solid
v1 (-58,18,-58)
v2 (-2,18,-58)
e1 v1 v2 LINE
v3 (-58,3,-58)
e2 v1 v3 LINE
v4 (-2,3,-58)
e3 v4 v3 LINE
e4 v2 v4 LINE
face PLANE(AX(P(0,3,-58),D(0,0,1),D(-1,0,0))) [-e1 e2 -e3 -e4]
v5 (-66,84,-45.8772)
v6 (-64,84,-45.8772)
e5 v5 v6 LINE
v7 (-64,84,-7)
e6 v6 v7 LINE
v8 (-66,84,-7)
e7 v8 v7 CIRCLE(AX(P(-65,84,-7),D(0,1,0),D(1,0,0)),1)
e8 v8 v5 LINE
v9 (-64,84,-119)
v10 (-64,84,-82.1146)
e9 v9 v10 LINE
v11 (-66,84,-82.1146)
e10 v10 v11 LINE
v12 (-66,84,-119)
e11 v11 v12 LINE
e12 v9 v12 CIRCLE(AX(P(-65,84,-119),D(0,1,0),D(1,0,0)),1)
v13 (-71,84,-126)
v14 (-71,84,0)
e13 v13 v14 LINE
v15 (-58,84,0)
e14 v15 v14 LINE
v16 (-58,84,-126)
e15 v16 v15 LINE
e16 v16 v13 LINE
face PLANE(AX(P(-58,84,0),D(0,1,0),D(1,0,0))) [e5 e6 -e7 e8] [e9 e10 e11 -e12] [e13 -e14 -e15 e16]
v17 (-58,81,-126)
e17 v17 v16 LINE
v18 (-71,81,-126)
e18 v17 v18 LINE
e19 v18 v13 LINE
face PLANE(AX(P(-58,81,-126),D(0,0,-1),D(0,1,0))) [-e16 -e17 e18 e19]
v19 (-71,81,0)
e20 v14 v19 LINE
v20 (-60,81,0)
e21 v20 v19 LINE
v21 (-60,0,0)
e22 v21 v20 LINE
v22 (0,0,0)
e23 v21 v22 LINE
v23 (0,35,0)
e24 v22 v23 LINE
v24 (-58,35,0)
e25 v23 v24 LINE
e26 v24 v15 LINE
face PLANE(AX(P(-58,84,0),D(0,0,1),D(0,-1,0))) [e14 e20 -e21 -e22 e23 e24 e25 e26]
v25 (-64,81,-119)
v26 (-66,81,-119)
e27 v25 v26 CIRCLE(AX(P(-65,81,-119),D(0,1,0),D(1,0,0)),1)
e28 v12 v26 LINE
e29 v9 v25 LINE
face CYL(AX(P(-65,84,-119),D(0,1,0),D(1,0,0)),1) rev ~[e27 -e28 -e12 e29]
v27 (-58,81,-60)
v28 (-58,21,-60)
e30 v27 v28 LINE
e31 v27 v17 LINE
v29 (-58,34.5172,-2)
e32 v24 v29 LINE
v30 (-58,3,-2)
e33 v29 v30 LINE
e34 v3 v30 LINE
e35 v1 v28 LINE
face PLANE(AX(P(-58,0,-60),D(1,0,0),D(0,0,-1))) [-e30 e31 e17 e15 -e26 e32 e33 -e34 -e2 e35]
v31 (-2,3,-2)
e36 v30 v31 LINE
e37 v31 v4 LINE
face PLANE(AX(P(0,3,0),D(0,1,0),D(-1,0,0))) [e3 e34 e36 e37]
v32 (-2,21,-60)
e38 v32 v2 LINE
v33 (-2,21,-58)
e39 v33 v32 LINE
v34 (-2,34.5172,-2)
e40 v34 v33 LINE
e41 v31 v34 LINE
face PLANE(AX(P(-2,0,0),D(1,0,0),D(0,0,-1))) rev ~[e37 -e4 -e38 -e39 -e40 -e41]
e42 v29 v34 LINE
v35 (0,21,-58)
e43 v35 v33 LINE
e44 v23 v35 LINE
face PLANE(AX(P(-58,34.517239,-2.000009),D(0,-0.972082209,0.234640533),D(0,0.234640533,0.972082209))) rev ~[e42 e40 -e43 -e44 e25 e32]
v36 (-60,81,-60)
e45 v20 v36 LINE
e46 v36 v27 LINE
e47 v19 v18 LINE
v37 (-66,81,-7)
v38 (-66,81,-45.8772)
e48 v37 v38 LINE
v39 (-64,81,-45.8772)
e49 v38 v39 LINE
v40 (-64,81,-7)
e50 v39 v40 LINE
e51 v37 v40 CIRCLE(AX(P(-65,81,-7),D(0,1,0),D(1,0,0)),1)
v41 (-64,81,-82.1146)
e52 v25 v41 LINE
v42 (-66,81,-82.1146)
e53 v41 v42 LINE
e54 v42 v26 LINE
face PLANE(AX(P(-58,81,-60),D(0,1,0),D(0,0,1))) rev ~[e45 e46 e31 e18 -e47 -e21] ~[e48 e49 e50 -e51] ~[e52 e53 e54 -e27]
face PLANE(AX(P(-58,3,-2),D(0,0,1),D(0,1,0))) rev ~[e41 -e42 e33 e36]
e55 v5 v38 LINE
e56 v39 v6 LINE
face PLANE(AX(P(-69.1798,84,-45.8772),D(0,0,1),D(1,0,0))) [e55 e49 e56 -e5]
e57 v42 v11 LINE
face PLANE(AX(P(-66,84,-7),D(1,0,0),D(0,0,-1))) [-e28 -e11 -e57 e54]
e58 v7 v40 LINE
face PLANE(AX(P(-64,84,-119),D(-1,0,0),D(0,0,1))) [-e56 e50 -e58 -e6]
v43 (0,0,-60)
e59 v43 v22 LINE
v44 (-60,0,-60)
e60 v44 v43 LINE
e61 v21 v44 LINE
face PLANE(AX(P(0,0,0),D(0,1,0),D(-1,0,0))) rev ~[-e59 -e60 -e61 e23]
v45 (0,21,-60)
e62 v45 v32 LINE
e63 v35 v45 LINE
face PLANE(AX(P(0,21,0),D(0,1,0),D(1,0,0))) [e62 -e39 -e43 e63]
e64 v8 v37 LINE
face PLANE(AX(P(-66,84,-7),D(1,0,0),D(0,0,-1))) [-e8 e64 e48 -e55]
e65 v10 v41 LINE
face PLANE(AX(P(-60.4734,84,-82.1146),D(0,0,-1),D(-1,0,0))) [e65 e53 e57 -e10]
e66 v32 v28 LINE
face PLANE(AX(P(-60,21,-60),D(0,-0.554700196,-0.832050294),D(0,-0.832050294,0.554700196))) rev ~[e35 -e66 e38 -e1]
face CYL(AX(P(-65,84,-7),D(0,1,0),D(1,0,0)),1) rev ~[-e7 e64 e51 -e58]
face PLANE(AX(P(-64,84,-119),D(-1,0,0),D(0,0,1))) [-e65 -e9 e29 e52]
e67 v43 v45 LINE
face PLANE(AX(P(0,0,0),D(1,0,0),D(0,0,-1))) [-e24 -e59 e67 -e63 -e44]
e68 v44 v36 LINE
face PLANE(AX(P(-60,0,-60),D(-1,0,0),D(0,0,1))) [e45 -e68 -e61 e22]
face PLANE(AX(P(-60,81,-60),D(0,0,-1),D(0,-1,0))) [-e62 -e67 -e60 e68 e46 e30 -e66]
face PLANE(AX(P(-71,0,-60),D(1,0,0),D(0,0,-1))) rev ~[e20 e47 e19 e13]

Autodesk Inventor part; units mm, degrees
ref_plane "YZ Plane" through (0, 0, 0) normal (1, 0, 0) x (0, 1, 0)
ref_plane "XZ Plane" through (0, 0, 0) normal (0, 1, 0) x (-1, 0, 0)
ref_plane "XY Plane" through (0, 0, 0) normal (0, 0, 1) x (1, 0, 0)
sketch "Sketch1" plane through (0, 0, 0) normal (0, 1, 0) x (-1, 0, 0)
  line L0 (0, 0) -> (60, 0)
  line L1 (60, 0) -> (60, -60)
  line L2 (60, -60) -> (0, -60)
  line L3 (0, -60) -> (0, 0)
  dimension "d0" = 60
  dimension "d1" = 60
extrude "Extrusion1" add sketch "Sketch1" along normal blind 3
sketch "Sketch3" plane through (0, 3, 0) normal (0, 1, 0) x (1, 0, 0)
  line L0 (0, 60) -> (-60, 60) projected
  line L1 (0, 0) -> (0, 60) projected
  line L2 (-60, 60) -> (0, 60)
  line L3 (0, 60) -> (0, 58)
  line L4 (0, 58) -> (-60, 58)
  line L5 (-60, 58) -> (-60, 60)
  dimension "d4" = 2
extrude "Extrusion2" add sketch "Sketch3" along normal blind 18
sketch "Sketch4" plane through (0, 0, 0) normal (1, 0, 0) x (0, 0, -1)
  line L0 (0, 3) -> (58, 3) projected
  line L1 (0, 3) -> (0, 35)
  line L2 (60, 21) -> (58, 21) projected
  line L3 (0, 35) -> (58, 21)
  line L4 (58, 21) -> (58, 3)
  line L5 (58, 3) -> (0, 3)
  point P0 (0, 0)
  dimension "d7" = 32
extrude "Extrusion3" add sketch "Sketch4" against normal blind 2
sketch "Sketch5" plane through (-60, 0, -60) normal (-1, 0, 0) x (0, 0, 1)
  line L0 (2, 21) -> (0, 21) projected
  line L1 (0, 21) -> (2, 18)
  line L2 (2, 3) -> (2, 21) projected
  line L3 (2, 18) -> (2, 21)
  line L4 (2, 21) -> (0, 21)
  line L5 (0, 0) -> (0, 21) projected
  point P0 (60, 0)
  dimension "d10" = 3
extrude "Extrusion4" cut sketch "Sketch5" against normal blind 58
sketch "Sketch6" plane through (-60, 0, -60) normal (-1, 0, 0) x (0, 0, 1)
  line L0 (0, 0) -> (0, 21) projected
  line L1 (0, 21) -> (2, 21)
  line L2 (60, 35) -> (2, 21) projected
  line L3 (2, 21) -> (60, 35)
  line L4 (60, 35) -> (60, 0)
  line L5 (60, 0) -> (0, 0) projected
  line L6 (60, 0) -> (0, 0)
  line L7 (0, 0) -> (0, 21)
extrude "Extrusion5" add sketch "Sketch6" against normal blind 2
sketch "Sketch8" plane through (-58, 0, -60) normal (1, 0, 0) x (0, 0, -1)
  line L0 (-2, 3) -> (-60, 3) projected
  line L1 (-60, 3) -> (-58, 3)
  line L2 (-58, 3) -> (-58, 34.5172)
  line L3 (-2, 21) -> (-60, 35) projected
  line L4 (-58, 34.5172) -> (-60, 35)
  line L5 (-60, 35) -> (-60, 3)
  point P0 (-60, 0)
  dimension "d15" = 2
extrude "Extrusion6" add sketch "Sketch8" along normal blind 56
sketch "Sketch9" plane through (-60, 0, -60) normal (-1, 0, 0) x (0, 0, 1)
  line L0 (0, 21) -> (2, 21) projected
  line L1 (0, 21) -> (60, 21)
  line L2 (60, 21) -> (60, 81)
  line L3 (60, 81) -> (0, 81)
  line L4 (0, 81) -> (0, 21)
  point P0 (60, 0)
  dimension "d18" = 60
  dimension "d19" = 60
extrude "Extrusion7" add sketch "Sketch9" against normal blind 2
sketch "Sketch11" plane through (-58, 0, -60) normal (1, 0, 0) x (0, 0, -1)
  line L0 (0, 81) -> (-60, 81) projected
  line L1 (-60, 81) -> (66, 81)
  line L2 (66, 81) -> (66, 84)
  line L3 (66, 84) -> (-60, 84)
  line L4 (-60, 84) -> (-60, 81)
  point P0 (-60, 0)
  dimension "d26" = 3
  dimension "d27" = 126
extrude "Extrusion9" add sketch "Sketch11" against normal blind 13
sketch "Sketch12" plane through (-58, 84, 0) normal (0, 1, 0) x (1, 0, 0)
  circle A0 centre (-7, 119) radius 1
  line L0 (0, 126) -> (-13, 126) projected
  line L1 (0, 126) -> (0, 0) projected
  circle A1 centre (-7, 7) radius 1
  line L2 (0, 0) -> (-13, 0) projected
  point P0 (58, 0)
  dimension "d30" = 2
  dimension "d31" = 7
  dimension "d32" = 7
  dimension "d33" = 2
  dimension "d34" = 7
  dimension "d35" = 7
extrude "Extrusion10" cut sketch "Sketch12" against normal blind 13
sketch "Sketch13" plane through (-58, 84, 0) normal (0, 1, 0) x (1, 0, 0)
  circle A0 centre (-7, 7) radius 1 projected
  line L0 (-8, 7) -> (-8, 119)
  line L1 (-8, 119) -> (-6, 119)
  line L2 (-6, 119) -> (-6, 7)
  line L3 (-6, 7) -> (-8, 7)
  circle A1 centre (-7, 119) radius 1 projected
  point P0 (58, 0)
  dimension "d40" = 0
extrude "Extrusion11" cut sketch "Sketch13" against normal blind 10 contours A0 L0 A1 L2 | A1 L1 picked at (-6.9598, 118.6691)
sketch "Sketch14" plane through (-58, 84, 0) normal (0, 1, 0) x (1, 0, 0)
  point P0 (58, 0)
sketch "Sketch15" plane through (-58, 84, 0) normal (0, 1, 0) x (1, 0, 0)
  line L0 (-11.1798, 45.8772) -> (-2.4734, 45.8772)
  line L1 (-2.4734, 45.8772) -> (-2.4734, 82.1146)
  line L2 (-2.4734, 82.1146) -> (-11.1798, 82.1146)
  line L3 (-11.1798, 82.1146) -> (-11.1798, 45.8772)
  point P0 (58, 0)
extrude "Extrusion12" add sketch "Sketch15" against normal blind 3
properties part number "pickup_cup"
